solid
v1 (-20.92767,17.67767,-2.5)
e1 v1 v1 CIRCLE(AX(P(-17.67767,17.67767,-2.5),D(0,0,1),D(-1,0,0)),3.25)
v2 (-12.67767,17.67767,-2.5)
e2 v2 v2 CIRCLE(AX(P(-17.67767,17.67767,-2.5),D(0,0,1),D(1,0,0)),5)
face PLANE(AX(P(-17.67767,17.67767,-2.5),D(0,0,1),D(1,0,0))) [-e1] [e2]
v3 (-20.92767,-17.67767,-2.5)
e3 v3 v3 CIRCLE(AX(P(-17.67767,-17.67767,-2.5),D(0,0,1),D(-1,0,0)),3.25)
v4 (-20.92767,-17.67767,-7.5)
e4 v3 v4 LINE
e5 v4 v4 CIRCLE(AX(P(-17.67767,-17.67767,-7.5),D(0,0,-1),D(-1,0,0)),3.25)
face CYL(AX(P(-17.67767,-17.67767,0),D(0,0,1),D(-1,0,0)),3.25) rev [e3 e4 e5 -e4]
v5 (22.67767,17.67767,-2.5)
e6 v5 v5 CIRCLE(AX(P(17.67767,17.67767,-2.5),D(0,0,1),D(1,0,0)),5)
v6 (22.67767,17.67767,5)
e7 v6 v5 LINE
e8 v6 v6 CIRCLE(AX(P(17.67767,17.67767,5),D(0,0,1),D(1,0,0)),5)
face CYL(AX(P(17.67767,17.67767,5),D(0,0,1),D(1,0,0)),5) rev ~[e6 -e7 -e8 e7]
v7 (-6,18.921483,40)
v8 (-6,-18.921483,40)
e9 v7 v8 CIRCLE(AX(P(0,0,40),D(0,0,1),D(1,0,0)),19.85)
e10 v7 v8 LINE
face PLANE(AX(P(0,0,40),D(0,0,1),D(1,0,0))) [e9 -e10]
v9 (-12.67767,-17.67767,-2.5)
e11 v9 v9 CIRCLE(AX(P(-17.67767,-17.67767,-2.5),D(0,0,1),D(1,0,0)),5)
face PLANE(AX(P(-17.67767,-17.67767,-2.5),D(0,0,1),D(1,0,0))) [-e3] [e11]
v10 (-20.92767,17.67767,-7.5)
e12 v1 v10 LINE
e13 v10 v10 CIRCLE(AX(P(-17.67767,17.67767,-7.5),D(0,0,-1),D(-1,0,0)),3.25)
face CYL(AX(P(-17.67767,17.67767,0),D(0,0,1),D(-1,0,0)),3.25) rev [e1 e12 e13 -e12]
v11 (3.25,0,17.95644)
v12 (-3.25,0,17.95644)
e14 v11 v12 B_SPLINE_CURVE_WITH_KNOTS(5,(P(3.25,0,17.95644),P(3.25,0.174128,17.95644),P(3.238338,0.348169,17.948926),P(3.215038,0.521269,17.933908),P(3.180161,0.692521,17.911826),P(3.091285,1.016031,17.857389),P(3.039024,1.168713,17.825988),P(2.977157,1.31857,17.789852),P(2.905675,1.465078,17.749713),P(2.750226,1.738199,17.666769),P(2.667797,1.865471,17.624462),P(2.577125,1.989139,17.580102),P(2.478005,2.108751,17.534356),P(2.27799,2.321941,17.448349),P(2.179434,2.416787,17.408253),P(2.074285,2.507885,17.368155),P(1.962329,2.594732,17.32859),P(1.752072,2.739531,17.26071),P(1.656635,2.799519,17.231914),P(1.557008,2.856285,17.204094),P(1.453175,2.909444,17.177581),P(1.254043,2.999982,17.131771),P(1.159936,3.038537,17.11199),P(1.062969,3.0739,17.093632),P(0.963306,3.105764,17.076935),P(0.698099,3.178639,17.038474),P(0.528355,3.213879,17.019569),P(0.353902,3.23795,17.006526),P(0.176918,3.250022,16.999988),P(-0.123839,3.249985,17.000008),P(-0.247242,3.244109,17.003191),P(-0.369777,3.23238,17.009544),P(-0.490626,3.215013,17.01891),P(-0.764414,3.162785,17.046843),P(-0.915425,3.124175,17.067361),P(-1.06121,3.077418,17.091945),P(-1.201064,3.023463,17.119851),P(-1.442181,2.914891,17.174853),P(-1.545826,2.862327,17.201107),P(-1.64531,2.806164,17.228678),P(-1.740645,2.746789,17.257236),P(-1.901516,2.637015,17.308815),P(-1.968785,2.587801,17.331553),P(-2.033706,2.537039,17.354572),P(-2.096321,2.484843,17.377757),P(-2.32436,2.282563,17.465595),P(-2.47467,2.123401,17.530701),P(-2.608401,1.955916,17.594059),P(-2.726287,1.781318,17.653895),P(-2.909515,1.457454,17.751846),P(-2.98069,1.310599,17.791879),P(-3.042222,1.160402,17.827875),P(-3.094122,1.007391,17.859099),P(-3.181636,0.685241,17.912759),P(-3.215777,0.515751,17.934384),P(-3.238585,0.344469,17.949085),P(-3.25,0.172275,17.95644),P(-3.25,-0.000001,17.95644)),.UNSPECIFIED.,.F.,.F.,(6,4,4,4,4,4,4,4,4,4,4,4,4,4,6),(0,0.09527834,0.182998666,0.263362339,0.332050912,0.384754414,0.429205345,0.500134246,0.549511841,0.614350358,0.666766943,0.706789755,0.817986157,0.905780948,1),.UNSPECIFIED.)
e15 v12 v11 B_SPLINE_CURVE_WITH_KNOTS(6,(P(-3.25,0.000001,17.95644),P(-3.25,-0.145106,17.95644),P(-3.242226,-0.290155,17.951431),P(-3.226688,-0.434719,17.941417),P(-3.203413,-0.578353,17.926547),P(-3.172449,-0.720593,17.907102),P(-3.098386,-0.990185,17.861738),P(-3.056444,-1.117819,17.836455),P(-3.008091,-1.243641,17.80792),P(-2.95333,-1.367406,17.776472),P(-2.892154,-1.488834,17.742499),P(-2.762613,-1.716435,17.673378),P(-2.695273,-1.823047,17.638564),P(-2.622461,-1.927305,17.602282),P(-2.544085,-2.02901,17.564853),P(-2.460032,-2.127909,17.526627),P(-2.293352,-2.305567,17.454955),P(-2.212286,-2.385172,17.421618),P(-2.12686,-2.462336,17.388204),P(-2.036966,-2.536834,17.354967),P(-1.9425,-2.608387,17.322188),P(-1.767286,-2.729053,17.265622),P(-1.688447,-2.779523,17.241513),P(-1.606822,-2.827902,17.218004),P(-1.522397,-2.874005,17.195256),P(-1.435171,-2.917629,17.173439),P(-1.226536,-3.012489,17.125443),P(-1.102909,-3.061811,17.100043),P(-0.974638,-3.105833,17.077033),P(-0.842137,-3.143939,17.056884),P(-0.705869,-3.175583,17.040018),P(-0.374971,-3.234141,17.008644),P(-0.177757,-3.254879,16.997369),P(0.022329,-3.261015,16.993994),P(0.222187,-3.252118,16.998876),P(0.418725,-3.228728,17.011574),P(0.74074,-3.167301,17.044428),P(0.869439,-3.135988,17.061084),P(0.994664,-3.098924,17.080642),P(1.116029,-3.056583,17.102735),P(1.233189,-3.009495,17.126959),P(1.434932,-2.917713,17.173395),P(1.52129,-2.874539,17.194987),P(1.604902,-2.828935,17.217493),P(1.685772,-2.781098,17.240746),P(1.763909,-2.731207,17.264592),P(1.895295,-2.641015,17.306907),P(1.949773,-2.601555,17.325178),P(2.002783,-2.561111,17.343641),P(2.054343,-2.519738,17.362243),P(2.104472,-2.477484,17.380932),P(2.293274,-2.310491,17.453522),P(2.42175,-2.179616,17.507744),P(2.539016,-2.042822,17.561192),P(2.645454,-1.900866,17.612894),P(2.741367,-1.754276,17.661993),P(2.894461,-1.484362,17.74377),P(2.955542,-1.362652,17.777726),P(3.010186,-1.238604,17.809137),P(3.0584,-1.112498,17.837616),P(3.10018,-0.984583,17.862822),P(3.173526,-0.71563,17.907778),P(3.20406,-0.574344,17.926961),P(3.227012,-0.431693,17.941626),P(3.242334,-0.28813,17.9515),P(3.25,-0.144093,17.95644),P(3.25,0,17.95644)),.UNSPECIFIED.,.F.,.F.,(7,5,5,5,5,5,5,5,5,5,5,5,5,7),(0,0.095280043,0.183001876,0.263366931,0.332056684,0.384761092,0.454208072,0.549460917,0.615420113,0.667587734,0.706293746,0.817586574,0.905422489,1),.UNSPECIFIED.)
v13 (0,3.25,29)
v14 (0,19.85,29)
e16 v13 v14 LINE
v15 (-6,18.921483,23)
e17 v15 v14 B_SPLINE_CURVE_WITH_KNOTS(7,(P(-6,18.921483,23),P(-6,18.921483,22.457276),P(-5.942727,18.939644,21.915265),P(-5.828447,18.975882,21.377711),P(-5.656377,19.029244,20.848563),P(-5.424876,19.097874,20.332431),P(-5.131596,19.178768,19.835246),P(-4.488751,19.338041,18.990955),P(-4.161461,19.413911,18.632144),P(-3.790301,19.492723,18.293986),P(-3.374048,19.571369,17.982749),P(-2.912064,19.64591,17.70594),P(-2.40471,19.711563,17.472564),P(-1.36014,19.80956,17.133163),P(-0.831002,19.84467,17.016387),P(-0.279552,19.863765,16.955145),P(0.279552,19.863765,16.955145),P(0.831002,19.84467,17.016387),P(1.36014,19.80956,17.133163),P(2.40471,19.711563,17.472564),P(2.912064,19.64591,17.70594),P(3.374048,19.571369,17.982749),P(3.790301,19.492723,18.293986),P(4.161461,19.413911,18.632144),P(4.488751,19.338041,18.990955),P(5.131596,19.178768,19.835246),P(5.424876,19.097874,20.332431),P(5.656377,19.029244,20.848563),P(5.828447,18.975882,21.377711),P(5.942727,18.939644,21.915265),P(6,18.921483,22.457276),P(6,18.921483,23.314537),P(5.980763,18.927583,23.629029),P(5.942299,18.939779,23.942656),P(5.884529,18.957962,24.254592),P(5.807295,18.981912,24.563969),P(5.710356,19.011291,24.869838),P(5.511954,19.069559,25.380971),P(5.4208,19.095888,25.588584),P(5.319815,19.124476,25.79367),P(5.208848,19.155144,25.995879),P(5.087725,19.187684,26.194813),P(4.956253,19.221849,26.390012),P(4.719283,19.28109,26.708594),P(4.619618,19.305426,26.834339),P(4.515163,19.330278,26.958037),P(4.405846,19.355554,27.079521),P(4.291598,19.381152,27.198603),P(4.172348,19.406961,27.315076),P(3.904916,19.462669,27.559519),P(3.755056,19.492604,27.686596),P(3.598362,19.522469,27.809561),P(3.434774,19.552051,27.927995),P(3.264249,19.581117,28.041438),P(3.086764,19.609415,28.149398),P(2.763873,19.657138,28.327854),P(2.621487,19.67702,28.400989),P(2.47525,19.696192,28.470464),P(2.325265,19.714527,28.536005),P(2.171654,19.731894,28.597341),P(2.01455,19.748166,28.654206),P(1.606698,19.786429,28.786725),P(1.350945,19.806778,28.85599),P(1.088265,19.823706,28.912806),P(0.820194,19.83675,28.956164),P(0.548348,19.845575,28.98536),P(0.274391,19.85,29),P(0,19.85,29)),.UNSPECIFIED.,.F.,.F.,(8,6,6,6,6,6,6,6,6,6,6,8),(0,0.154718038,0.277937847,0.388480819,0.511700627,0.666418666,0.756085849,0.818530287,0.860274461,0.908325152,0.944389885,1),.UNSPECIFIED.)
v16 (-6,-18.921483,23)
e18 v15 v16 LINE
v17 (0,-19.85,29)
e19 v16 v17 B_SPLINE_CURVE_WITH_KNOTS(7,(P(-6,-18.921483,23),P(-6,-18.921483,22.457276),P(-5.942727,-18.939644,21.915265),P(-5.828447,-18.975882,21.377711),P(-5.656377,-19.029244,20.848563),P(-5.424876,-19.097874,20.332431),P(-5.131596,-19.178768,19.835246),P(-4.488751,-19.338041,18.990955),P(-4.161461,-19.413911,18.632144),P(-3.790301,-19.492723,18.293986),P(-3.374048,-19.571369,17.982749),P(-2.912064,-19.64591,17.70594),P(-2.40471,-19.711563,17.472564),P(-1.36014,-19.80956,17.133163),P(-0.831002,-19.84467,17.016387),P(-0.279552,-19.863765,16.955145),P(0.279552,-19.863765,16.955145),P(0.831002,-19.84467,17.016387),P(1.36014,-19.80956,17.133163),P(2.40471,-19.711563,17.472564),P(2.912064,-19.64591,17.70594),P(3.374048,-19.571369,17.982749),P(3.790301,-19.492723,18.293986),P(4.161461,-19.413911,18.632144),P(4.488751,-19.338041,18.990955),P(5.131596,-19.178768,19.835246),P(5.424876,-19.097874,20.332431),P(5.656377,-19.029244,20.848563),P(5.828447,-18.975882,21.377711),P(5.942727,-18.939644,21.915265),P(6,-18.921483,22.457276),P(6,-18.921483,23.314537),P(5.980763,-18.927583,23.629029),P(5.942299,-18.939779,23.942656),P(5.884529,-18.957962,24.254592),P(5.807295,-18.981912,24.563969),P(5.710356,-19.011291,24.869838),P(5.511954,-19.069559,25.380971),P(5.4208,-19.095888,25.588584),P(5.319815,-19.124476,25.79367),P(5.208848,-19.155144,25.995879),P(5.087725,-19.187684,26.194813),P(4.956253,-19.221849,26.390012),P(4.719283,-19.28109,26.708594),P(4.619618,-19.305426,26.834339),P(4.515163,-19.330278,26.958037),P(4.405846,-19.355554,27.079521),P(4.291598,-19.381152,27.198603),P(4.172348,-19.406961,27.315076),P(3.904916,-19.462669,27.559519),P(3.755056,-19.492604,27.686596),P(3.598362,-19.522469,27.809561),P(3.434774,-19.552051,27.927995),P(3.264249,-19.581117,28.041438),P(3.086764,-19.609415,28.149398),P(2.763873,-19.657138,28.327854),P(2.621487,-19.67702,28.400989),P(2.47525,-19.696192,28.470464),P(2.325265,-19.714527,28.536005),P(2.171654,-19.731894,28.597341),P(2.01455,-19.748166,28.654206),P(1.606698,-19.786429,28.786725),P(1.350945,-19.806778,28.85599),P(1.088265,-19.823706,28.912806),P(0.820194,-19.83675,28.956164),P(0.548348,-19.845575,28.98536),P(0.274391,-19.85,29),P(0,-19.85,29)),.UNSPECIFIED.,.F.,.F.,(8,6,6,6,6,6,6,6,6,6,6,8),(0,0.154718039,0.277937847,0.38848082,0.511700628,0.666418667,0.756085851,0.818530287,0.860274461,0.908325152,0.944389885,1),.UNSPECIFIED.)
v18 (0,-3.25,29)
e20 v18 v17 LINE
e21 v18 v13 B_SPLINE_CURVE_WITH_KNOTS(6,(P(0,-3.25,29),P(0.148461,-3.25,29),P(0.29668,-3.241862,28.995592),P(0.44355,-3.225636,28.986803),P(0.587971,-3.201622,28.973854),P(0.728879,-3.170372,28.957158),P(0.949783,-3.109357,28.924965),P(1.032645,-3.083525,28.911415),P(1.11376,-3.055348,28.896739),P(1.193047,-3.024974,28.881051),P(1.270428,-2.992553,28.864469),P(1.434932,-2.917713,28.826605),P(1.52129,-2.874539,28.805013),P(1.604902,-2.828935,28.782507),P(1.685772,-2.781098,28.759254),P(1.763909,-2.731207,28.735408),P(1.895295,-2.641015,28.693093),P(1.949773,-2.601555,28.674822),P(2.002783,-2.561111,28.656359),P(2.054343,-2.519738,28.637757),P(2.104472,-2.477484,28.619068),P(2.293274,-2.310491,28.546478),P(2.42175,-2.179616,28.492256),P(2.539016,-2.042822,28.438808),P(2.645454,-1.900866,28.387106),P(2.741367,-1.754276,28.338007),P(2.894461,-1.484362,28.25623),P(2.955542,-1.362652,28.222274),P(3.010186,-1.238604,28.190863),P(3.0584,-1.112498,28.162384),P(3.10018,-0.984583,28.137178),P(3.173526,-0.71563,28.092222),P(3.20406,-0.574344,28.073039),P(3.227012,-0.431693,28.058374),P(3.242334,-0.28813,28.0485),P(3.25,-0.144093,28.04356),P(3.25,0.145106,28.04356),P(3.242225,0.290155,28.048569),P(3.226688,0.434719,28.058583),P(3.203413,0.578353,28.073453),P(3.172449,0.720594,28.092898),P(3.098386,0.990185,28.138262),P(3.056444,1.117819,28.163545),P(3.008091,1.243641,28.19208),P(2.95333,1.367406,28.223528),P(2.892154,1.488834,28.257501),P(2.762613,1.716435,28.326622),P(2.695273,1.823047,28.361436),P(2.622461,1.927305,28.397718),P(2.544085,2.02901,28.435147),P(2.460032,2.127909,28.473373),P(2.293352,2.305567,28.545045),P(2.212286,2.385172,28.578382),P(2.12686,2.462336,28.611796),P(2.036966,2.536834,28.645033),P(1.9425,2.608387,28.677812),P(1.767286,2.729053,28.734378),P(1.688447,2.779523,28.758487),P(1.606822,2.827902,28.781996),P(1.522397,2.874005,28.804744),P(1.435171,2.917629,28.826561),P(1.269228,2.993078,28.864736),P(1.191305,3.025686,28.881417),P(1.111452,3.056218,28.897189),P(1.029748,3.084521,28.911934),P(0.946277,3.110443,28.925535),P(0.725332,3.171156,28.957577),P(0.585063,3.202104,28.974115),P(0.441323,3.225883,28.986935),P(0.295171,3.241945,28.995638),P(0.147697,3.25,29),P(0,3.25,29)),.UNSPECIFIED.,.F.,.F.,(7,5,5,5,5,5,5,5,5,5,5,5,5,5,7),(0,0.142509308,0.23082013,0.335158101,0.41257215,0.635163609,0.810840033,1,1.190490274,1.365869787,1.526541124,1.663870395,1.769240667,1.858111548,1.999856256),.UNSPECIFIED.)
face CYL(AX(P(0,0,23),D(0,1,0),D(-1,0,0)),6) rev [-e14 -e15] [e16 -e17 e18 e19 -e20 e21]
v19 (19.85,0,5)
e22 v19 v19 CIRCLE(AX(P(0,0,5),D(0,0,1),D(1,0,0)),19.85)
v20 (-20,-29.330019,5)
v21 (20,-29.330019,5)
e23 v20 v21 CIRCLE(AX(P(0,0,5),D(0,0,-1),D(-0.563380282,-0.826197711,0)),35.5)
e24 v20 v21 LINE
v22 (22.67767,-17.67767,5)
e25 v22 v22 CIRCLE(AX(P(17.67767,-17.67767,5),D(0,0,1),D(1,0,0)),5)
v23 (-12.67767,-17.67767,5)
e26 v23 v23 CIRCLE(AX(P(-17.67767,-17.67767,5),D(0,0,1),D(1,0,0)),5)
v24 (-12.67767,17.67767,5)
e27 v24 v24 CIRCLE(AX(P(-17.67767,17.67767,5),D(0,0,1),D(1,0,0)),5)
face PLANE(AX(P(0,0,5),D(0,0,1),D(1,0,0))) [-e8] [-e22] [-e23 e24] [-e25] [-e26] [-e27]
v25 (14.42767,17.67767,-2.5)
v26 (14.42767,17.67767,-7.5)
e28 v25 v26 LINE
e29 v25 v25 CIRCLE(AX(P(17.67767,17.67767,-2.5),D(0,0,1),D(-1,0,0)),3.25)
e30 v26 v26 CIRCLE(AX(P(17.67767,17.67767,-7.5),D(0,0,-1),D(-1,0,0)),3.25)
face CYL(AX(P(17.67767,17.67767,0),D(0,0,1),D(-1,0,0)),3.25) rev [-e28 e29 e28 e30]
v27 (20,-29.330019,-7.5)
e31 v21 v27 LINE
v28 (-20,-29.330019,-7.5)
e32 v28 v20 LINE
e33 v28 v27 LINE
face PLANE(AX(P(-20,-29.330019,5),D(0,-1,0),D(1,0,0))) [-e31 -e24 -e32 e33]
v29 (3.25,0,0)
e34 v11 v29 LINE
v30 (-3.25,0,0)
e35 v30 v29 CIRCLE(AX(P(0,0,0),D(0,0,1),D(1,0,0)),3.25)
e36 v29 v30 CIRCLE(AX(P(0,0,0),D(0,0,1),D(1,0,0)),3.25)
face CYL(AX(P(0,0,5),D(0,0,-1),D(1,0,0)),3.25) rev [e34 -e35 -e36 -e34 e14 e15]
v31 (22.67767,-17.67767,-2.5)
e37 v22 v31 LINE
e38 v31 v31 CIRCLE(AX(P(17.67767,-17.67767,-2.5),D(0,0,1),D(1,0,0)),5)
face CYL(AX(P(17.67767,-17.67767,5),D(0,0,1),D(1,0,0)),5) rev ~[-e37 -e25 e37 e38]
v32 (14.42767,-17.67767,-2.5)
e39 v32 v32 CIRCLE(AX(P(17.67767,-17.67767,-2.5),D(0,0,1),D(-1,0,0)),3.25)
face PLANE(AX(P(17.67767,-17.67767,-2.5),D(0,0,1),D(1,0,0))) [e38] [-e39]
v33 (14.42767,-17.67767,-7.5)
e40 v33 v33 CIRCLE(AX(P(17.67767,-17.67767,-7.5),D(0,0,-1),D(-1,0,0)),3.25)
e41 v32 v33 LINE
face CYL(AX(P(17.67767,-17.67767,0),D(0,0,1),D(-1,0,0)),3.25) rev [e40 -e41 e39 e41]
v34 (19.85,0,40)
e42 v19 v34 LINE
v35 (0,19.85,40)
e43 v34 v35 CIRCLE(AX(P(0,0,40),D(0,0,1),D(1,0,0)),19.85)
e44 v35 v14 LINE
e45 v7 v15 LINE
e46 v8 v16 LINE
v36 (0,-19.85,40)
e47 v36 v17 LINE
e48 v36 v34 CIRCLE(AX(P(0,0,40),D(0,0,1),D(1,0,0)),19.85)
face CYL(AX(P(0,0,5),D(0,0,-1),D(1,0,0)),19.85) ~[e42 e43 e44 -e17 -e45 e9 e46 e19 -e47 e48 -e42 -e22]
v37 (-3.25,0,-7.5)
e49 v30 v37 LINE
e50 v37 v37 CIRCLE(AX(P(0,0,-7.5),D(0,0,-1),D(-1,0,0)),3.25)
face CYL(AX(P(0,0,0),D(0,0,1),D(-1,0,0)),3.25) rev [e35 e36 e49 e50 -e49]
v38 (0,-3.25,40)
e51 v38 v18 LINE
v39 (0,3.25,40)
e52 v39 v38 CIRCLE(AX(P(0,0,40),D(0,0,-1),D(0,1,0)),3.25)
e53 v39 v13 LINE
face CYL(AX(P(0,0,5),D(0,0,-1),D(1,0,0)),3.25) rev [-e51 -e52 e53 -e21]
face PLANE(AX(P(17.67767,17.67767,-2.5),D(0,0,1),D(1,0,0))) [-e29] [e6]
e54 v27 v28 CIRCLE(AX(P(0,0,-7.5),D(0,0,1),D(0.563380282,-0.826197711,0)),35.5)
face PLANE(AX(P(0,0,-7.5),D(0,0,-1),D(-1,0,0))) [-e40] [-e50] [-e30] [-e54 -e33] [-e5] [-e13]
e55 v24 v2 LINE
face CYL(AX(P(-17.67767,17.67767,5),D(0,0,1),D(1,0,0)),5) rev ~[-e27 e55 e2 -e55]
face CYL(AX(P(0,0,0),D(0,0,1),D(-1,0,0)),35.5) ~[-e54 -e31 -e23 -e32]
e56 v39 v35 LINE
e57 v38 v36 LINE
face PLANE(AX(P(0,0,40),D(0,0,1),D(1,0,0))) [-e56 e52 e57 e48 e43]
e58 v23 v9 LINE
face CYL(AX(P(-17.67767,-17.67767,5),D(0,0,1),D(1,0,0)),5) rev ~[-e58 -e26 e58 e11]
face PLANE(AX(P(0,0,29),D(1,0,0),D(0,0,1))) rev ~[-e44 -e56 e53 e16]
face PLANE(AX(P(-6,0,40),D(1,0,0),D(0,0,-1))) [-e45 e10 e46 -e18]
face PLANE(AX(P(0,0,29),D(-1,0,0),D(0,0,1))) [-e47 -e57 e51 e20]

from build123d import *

# Parameters (mm, degrees)
CROQUIS1_R                 = 35.5
CROQUIS1_R_2               = 3.25
SALIENTE_EXTRUIR1_DEPTH    = 5
CROQUIS9_R                 = 19.85
CROQUIS9_R_2               = 3.25
SALIENTE_EXTRUIR4_DEPTH    = 35
CORTAR_EXTRUIR4_DEPTH      = 36.5
CORTAR_EXTRUIR4_DEPTH_BACK = 36.5
CROQUIS11_R                = 35.5
CROQUIS11_R_2              = 3.25
SALIENTE_EXTRUIR5_DEPTH    = 7.5
CROQUIS13_R                = 5
CORTAR_EXTRUIR5_DEPTH      = 7.5
CORTAR_EXTRUIR7_DEPTH      = 13.5


with BuildPart() as part:
    # Croquis1 → Saliente-Extruir1 (new body)
    with BuildSketch(Plane.XY):
        Circle(CROQUIS1_R)
        with Locations((17.67766953, 17.67766953)):
            Circle(CROQUIS1_R_2, mode=Mode.SUBTRACT)
        with Locations((17.67766953, -17.67766953)):
            Circle(CROQUIS1_R_2, mode=Mode.SUBTRACT)
        with Locations((-17.67766953, -17.67766953)):
            Circle(CROQUIS1_R_2, mode=Mode.SUBTRACT)
        with Locations((-17.67766953, 17.67766953)):
            Circle(CROQUIS1_R_2, mode=Mode.SUBTRACT)
        Circle(CROQUIS1_R_2, mode=Mode.SUBTRACT)
    extrude(amount=SALIENTE_EXTRUIR1_DEPTH)

    # Croquis9 → Saliente-Extruir4 (add)
    with BuildSketch(Plane.XY.offset(5)):
        Circle(CROQUIS9_R)
        Circle(CROQUIS9_R_2, mode=Mode.SUBTRACT)
    extrude(amount=SALIENTE_EXTRUIR4_DEPTH)

    # Croquis10 → Cortar-Extruir4 (cut, two sides)
    with BuildSketch(Plane(origin=(0, 0, 0), x_dir=(1, 0, 0), z_dir=(0, 1, 0))) as cortar_extruir4_sk:
        with BuildLine():
            Line((0, -29), (0, -40))
            Line((0, -40), (-6, -40))
            Line((-6, -40), (-6, -23))
            ThreePointArc((-6, -23), (4.242640687, -18.757359313), (0, -29))
        make_face()
    extrude(amount=CORTAR_EXTRUIR4_DEPTH, mode=Mode.SUBTRACT)
    extrude(cortar_extruir4_sk.sketch, amount=-CORTAR_EXTRUIR4_DEPTH_BACK, mode=Mode.SUBTRACT)

    # Croquis11 → Saliente-Extruir5 (add)
    with BuildSketch(Plane(origin=(0, 0, 0), x_dir=(-1, 0, 0), z_dir=(0, 0, -1))):
        Circle(CROQUIS11_R)
        with Locations((17.67766953, -17.67766953)):
            Circle(CROQUIS11_R_2, mode=Mode.SUBTRACT)
        Circle(CROQUIS11_R_2, mode=Mode.SUBTRACT)
        with Locations((-17.67766953, -17.67766953)):
            Circle(CROQUIS11_R_2, mode=Mode.SUBTRACT)
        with Locations((17.67766953, 17.67766953)):
            Circle(CROQUIS11_R_2, mode=Mode.SUBTRACT)
        with Locations((-17.67766953, 17.67766953)):
            Circle(CROQUIS11_R_2, mode=Mode.SUBTRACT)
    extrude(amount=SALIENTE_EXTRUIR5_DEPTH)

    # Croquis13 → Cortar-Extruir5 (cut)
    with BuildSketch(Plane.XY.offset(5)):
        with Locations((-17.67766953, 17.67766953)):
            Circle(CROQUIS13_R)
        with Locations((17.67766953, 17.67766953)):
            Circle(CROQUIS13_R)
        with Locations((17.67766953, -17.67766953)):
            Circle(CROQUIS13_R)
        with Locations((-17.67766953, -17.67766953)):
            Circle(CROQUIS13_R)
        with BuildLine():
            Line((-20, -29.330018752), (20, -29.330018752))
            ThreePointArc((20, -29.330018752), (0, -35.5), (-20, -29.330018752))
        make_face()
    extrude(amount=-CORTAR_EXTRUIR5_DEPTH, mode=Mode.SUBTRACT)

    # Croquis15 → Cortar-Extruir7 (cut, through all)
    with BuildSketch(Plane.XY.offset(5)):
        with BuildLine():
            Line((20, -29.330018752), (-20, -29.330018752))
            ThreePointArc((-20, -29.330018752), (0, -35.5), (20, -29.330018752))
        make_face()
    extrude(amount=-CORTAR_EXTRUIR7_DEPTH, mode=Mode.SUBTRACT)


solid = part.part
